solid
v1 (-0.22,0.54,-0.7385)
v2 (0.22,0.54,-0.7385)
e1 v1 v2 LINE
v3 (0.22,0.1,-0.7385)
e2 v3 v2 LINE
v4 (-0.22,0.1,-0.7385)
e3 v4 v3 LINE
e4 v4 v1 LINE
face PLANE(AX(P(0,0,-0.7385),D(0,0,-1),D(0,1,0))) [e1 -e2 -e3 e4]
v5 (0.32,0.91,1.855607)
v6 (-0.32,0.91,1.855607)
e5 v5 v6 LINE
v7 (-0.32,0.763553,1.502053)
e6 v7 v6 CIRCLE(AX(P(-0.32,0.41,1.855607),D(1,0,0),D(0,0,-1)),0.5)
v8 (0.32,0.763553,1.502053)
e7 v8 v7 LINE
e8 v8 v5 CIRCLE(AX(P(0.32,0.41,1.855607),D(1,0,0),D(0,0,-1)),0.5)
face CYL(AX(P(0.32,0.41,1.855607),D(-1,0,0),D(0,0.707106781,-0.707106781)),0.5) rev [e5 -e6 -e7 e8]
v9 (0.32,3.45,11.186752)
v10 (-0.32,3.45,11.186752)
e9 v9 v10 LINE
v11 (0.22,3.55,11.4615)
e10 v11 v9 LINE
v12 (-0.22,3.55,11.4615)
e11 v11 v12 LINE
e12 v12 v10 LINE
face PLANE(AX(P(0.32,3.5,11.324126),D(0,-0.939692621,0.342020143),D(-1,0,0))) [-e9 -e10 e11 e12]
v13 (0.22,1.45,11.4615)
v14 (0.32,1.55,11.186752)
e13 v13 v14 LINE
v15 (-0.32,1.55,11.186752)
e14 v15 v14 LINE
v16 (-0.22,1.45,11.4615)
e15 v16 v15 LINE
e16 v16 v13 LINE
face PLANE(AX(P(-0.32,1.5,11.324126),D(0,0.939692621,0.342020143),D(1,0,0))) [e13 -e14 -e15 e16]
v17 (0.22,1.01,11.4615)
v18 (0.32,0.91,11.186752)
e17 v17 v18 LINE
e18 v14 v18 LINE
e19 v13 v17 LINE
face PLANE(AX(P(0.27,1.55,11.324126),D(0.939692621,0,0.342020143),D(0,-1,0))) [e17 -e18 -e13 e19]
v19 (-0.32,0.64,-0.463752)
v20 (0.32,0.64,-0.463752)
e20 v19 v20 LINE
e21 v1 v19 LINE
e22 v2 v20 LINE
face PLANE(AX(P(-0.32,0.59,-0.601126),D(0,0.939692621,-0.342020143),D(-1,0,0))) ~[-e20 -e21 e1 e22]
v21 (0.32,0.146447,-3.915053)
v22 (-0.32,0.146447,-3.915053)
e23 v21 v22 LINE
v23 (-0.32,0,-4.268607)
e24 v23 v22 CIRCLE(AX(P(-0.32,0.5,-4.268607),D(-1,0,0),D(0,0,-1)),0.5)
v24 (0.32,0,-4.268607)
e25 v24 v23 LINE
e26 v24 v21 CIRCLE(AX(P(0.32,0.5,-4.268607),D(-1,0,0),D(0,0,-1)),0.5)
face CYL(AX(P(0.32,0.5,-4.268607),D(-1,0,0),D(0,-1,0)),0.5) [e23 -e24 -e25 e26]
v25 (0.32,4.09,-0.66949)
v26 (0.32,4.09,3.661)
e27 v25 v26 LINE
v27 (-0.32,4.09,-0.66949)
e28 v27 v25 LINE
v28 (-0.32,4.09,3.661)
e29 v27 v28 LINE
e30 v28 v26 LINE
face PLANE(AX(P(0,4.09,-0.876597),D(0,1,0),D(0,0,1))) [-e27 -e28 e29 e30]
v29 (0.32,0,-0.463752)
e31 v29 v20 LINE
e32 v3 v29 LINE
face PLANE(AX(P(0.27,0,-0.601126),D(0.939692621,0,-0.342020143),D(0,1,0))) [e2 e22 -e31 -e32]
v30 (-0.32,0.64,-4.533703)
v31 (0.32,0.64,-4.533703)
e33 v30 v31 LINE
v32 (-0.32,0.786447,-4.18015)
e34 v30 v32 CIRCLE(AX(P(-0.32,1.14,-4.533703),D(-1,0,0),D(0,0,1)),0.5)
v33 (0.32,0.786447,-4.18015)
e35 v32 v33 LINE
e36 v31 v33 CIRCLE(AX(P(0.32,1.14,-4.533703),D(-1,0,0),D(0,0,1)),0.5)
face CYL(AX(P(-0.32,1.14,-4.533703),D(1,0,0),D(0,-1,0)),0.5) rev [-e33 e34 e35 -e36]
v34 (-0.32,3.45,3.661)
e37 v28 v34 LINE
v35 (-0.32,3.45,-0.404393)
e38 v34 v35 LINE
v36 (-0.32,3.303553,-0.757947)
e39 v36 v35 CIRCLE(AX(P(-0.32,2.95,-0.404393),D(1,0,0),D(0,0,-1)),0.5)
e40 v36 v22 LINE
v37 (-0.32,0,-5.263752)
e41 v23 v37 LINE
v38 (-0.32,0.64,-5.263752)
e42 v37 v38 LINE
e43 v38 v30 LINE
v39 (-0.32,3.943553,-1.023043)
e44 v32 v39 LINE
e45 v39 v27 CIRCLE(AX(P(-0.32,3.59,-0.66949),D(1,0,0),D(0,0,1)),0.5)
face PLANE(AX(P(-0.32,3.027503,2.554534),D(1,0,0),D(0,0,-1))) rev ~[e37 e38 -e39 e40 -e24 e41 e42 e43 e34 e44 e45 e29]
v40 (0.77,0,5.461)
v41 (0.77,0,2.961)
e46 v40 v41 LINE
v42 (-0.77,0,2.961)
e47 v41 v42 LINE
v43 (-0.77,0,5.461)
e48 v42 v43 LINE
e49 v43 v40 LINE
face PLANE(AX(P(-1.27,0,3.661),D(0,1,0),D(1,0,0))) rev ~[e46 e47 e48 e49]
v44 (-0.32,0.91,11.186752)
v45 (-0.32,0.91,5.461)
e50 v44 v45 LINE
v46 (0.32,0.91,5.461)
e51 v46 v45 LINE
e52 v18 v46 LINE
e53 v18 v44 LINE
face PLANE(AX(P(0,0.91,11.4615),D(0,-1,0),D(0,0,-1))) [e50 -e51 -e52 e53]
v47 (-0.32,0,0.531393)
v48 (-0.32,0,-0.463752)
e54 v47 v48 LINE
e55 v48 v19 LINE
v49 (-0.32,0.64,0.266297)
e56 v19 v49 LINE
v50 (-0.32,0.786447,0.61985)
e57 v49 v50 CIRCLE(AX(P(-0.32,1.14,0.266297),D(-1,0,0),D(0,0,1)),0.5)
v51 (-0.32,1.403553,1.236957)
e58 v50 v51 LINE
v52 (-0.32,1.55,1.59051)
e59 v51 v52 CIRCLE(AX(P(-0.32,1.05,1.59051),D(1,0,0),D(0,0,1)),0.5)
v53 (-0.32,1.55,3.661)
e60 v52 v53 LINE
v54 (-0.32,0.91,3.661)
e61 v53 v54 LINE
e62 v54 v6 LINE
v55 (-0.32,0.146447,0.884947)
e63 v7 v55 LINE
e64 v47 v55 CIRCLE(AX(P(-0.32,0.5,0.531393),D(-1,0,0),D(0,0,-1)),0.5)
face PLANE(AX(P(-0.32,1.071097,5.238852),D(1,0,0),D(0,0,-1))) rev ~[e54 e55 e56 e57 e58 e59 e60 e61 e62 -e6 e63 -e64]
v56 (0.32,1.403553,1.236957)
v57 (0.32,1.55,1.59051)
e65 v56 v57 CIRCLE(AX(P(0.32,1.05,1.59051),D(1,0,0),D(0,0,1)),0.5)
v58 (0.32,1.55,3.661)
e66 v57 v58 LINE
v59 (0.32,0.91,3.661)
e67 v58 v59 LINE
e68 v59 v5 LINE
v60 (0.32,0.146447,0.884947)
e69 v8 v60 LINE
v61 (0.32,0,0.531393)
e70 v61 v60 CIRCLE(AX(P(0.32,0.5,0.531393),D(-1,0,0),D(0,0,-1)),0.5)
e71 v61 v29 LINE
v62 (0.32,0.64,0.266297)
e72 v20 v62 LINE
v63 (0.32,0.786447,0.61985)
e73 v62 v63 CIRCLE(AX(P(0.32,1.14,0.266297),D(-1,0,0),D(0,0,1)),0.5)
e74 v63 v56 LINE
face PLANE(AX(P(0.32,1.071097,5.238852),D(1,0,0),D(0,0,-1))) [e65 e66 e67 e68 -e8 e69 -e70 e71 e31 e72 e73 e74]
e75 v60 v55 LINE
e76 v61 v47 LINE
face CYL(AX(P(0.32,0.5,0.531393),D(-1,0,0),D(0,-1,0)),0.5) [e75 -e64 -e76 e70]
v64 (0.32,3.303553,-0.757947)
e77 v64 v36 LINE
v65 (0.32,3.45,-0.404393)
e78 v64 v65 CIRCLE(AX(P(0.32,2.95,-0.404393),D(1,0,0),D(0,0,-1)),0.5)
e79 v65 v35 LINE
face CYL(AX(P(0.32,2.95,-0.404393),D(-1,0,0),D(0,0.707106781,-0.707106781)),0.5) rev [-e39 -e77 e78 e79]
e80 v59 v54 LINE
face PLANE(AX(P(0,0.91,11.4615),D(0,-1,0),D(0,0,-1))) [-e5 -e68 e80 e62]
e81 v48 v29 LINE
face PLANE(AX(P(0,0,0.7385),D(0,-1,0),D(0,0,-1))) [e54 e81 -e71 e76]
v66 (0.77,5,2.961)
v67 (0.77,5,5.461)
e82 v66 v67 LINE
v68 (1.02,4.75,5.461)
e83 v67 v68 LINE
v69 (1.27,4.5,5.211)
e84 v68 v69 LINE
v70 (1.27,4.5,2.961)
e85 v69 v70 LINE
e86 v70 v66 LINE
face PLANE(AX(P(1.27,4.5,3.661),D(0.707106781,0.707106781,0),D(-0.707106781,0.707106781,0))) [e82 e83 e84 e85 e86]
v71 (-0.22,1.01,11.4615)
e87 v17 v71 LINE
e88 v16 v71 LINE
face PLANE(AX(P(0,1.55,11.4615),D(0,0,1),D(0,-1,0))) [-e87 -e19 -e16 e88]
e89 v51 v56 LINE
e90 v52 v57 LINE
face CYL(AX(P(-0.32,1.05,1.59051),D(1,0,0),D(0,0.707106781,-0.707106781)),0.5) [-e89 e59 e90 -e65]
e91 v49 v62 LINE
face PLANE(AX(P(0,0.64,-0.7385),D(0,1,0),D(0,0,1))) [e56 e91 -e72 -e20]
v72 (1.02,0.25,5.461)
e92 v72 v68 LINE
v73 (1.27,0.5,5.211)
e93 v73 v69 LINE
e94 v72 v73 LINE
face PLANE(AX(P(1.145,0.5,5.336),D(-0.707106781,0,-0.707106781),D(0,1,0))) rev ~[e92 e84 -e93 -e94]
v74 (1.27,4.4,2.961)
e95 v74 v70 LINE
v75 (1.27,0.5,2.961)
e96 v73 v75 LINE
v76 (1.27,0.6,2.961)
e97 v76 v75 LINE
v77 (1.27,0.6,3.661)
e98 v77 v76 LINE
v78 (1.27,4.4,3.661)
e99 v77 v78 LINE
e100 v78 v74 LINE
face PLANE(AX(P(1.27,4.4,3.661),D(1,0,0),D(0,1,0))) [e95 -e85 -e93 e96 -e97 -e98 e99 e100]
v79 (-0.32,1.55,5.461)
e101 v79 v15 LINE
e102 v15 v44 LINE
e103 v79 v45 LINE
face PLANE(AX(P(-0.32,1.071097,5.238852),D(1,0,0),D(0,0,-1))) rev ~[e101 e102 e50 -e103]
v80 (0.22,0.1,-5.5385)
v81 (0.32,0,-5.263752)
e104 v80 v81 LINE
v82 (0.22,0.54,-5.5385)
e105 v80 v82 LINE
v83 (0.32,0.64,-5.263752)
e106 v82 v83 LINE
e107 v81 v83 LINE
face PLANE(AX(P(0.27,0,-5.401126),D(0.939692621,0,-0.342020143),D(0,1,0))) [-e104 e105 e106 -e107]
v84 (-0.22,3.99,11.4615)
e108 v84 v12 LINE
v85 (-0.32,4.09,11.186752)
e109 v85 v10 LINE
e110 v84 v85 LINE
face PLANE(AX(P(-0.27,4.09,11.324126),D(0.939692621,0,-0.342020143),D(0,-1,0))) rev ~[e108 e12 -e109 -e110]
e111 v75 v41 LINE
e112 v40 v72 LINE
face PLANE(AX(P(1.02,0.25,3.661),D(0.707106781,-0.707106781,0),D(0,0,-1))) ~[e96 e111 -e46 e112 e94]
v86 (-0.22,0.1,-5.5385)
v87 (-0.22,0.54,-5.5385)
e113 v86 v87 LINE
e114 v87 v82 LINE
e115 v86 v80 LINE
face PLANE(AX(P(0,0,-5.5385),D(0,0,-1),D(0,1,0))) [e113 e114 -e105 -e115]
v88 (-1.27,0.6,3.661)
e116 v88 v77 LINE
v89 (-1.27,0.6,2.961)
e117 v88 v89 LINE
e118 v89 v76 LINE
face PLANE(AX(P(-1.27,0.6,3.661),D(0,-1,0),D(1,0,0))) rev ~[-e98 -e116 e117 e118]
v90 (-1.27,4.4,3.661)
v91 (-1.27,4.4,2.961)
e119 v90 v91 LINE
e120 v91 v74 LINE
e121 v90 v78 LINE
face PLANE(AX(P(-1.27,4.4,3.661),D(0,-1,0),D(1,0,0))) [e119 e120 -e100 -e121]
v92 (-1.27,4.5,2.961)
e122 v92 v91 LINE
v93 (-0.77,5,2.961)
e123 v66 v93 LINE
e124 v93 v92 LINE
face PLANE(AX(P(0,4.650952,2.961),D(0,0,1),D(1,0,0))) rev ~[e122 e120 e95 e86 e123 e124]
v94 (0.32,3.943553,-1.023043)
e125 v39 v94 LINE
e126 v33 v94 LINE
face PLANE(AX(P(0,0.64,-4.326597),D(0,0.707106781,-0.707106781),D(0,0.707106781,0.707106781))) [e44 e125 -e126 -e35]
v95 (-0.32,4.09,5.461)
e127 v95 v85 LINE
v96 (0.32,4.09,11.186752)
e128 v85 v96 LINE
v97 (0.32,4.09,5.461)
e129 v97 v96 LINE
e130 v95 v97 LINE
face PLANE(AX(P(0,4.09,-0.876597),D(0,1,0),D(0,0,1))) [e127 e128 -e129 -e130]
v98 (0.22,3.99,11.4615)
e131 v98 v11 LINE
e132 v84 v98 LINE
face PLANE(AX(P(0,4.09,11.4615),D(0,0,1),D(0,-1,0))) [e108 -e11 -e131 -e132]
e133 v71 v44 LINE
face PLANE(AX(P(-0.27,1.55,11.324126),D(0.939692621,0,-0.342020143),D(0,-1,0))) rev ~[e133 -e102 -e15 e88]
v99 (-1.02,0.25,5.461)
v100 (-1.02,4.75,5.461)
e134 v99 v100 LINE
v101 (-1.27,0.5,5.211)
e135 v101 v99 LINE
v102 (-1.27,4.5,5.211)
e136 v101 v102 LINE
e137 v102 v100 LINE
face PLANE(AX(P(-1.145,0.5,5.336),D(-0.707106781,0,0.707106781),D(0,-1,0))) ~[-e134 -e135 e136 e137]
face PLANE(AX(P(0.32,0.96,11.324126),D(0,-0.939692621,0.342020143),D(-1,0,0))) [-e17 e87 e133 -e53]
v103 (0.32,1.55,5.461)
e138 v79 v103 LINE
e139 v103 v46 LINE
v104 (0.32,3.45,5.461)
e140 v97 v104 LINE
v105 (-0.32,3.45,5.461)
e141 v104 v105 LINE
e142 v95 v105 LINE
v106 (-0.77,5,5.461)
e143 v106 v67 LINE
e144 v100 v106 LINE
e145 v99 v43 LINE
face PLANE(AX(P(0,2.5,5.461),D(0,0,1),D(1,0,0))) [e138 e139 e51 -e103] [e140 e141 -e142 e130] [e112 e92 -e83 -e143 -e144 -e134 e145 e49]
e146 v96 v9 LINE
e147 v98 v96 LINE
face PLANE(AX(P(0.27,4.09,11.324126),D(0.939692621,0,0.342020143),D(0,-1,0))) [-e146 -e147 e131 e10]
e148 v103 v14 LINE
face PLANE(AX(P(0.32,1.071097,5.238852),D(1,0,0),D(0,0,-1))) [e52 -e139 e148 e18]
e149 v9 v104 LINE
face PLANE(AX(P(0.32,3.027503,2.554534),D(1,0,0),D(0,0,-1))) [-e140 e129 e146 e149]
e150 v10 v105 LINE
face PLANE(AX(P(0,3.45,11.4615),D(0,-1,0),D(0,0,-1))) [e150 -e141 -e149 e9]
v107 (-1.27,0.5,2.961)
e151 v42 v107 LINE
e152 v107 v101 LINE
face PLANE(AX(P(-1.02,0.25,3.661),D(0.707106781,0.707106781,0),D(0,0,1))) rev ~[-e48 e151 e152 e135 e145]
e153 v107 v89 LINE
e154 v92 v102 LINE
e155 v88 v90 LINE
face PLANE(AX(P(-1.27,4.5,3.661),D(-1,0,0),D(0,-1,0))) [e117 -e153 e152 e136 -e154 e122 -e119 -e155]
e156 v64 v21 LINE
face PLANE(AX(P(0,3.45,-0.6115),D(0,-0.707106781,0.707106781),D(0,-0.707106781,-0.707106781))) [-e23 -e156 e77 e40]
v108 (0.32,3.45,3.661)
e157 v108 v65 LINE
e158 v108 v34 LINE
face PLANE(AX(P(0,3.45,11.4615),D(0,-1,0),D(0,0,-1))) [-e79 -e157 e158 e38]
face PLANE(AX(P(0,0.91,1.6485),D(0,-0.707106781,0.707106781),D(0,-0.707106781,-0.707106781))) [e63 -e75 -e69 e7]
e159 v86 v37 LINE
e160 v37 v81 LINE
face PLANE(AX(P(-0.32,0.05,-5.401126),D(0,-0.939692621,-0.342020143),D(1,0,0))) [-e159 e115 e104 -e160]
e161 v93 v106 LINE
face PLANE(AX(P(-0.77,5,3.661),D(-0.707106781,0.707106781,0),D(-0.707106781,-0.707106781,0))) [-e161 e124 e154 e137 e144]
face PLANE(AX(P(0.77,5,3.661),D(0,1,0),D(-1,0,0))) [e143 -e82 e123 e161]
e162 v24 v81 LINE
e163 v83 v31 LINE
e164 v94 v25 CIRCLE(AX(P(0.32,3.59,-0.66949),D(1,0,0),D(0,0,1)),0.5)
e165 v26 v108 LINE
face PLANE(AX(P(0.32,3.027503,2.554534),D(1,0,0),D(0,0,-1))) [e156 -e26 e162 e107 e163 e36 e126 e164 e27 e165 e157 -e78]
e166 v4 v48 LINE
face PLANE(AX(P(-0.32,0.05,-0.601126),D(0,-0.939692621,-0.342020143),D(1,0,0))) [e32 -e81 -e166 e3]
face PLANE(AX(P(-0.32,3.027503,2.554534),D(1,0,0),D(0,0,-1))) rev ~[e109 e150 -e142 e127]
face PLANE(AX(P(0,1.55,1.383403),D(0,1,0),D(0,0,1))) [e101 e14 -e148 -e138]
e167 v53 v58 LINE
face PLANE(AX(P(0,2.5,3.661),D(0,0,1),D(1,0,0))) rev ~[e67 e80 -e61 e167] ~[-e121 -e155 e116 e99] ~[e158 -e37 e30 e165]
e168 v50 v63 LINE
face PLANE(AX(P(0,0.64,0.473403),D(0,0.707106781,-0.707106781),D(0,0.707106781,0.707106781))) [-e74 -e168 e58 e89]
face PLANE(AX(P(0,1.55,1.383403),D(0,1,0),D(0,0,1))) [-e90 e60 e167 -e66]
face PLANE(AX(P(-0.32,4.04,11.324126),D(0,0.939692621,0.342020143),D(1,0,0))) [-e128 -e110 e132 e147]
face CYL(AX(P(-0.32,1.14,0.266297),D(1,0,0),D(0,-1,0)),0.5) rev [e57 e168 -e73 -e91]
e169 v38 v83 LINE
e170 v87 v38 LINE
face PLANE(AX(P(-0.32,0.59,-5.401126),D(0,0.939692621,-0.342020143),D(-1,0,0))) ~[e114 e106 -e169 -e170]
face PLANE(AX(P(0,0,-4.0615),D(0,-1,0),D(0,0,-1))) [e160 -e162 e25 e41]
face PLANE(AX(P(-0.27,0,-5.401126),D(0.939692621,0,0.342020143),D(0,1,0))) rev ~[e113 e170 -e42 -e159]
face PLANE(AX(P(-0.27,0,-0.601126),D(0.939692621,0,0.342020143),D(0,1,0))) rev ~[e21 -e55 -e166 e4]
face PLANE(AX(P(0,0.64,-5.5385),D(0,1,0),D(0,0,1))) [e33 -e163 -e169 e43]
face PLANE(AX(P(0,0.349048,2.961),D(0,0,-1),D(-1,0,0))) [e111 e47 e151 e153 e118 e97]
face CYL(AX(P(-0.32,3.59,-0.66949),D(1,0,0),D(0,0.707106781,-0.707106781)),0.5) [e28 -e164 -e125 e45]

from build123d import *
from OCP.BRepFilletAPI import BRepFilletAPI_MakeChamfer

# Parameters (mm, degrees)
EXTRUDE_1_DEPTH   = 0.32
EXTRUDE_1_2_DEPTH = 0.32
CHAMFER_1_SIZE    = 0.1
CHAMFER_1_SIZE2   = 0.274747742
FILLET_1_R        = 0.5
CHAMFER_2_SIZE    = 0.1
CHAMFER_2_SIZE2   = 0.274747742
FILLET_2_R        = 0.5
SKETCH_2_W        = 2.54
SKETCH_2_H        = 5
EXTRUDE_2_DEPTH   = 1.8
CHAMFER_3_SIZE    = 0.5
CHAMFER_4_SIZE    = 0.25
EXTRUDE_3_DEPTH   = 0.7


with BuildPart() as part:
    # Эскиз1 → Бобышка-Вытянуть1 (new, symmetric)
    with BuildSketch(Plane(origin=(0, 0, 0), x_dir=(0, 0, -1), z_dir=(1, 0, 0))):
        Polygon((-0.7385, 0), (0.7385, 0), (0.7385, 0.64), (-0.47340332, 0.64), (-1.38340332, 1.55), (-11.4615, 1.55), (-11.4615, 0.91), (-1.6485, 0.91), align=None)
    extrude(amount=EXTRUDE_1_DEPTH, both=True)

    # Фаска2: one chamfer whose edges measure the first distance from different faces: ONE call of the kernel's chamfer builder (chamfer() names one face for all edges)
    chamfer_2_edges_1 = [part.edges().sort_by_distance(p)[0] for p in [
        (0.32, 0.32, -0.7385),
        (0, 0, -0.7385),
        (0, 0.64, -0.7385),
        (-0.32, 0.32, -0.7385),
    ]]
    chamfer_2_side_1 = [part.faces().sort_by_distance(p)[0] for p in [
        (0, 0.32, -0.7385),
    ]]
    chamfer_2_edges_2 = [part.edges().sort_by_distance(p)[0] for p in [
        (0, 0.91, 11.4615),
        (0, 1.55, 11.4615),
        (-0.32, 1.23, 11.4615),
        (0.32, 1.23, 11.4615),
    ]]
    chamfer_2_side_2 = [part.faces().sort_by_distance(p)[0] for p in [
        (0, 1.23, 11.4615),
    ]]
    chamfer_2 = BRepFilletAPI_MakeChamfer(part.part.solid().wrapped)
    for e in chamfer_2_edges_1:
        chamfer_2.Add(CHAMFER_2_SIZE, CHAMFER_2_SIZE2, e.wrapped, chamfer_2_side_1[0].wrapped)  # the first distance lies on this face
    for e in chamfer_2_edges_2:
        chamfer_2.Add(CHAMFER_2_SIZE, CHAMFER_2_SIZE2, e.wrapped, chamfer_2_side_2[0].wrapped)  # the first distance lies on this face
    add(Compound.cast(chamfer_2.Shape()), mode=Mode.REPLACE)

    # Скругление2
    fillet_2_edges = [part.edges().sort_by_distance(p)[0] for p in [
        (0, 0, 0.7385),
        (0, 0.91, 1.6485),
        (0, 1.55, 1.38340332),
        (0, 0.64, 0.47340332),
    ]]
    fillet(fillet_2_edges, radius=FILLET_2_R)



with BuildPart() as body_2:
    # Эскиз1 → Extrude 1 2 (new, symmetric)
    with BuildSketch(Plane(origin=(0, 0, 0), x_dir=(0, 0, -1), z_dir=(1, 0, 0))):
        Polygon((4.0615, 0), (5.5385, 0), (5.5385, 0.64), (4.32659668, 0.64), (0.87659668, 4.09), (-11.4615, 4.09), (-11.4615, 3.45), (0.6115, 3.45), align=None)
    extrude(amount=EXTRUDE_1_2_DEPTH, both=True)

    # Фаска1: one chamfer whose edges measure the first distance from different faces: ONE call of the kernel's chamfer builder (chamfer() names one face for all edges)
    chamfer_1_edges_1 = [body_2.edges().sort_by_distance(p)[0] for p in [
        (-0.32, 0.32, -5.5385),
        (0, 0.64, -5.5385),
        (0, 0, -5.5385),
        (0.32, 0.32, -5.5385),
    ]]
    chamfer_1_side_1 = [body_2.faces().sort_by_distance(p)[0] for p in [
        (0, 0.32, -5.5385),
    ]]
    chamfer_1_edges_2 = [body_2.edges().sort_by_distance(p)[0] for p in [
        (0, 3.45, 11.4615),
        (0, 4.09, 11.4615),
        (-0.32, 3.77, 11.4615),
        (0.32, 3.77, 11.4615),
    ]]
    chamfer_1_side_2 = [body_2.faces().sort_by_distance(p)[0] for p in [
        (0, 3.77, 11.4615),
    ]]
    chamfer_1 = BRepFilletAPI_MakeChamfer(body_2.part.solid().wrapped)
    for e in chamfer_1_edges_1:
        chamfer_1.Add(CHAMFER_1_SIZE, CHAMFER_1_SIZE2, e.wrapped, chamfer_1_side_1[0].wrapped)  # the first distance lies on this face
    for e in chamfer_1_edges_2:
        chamfer_1.Add(CHAMFER_1_SIZE, CHAMFER_1_SIZE2, e.wrapped, chamfer_1_side_2[0].wrapped)  # the first distance lies on this face
    add(Compound.cast(chamfer_1.Shape()), mode=Mode.REPLACE)

    # Скругление1
    fillet_1_edges = [body_2.edges().sort_by_distance(p)[0] for p in [
        (0, 3.45, -0.6115),
        (0, 4.09, -0.87659668),
        (0, 0.64, -4.32659668),
        (0, 0, -4.0615),
    ]]
    fillet(fillet_1_edges, radius=FILLET_1_R)


with BuildPart() as part_1:
    add(part.part)

    add(body_2.part)  # Бобышка-Вытянуть2 merges body 2
    # Эскиз2 → Бобышка-Вытянуть2 (add)
    with BuildSketch(Plane.XY.offset(3.661)):
        with Locations((0, 2.5)):
            Rectangle(SKETCH_2_W, SKETCH_2_H)
    extrude(amount=EXTRUDE_2_DEPTH)

    # Фаска3
    chamfer_3_edges = [part_1.edges().sort_by_distance(p)[0] for p in [
        (1.27, 0, 4.561),
        (1.27, 5, 4.561),
        (-1.27, 5, 4.561),
        (-1.27, 0, 4.561),
    ]]
    chamfer(chamfer_3_edges, length=CHAMFER_3_SIZE)

    # Фаска4
    chamfer_4_edges = [part_1.edges().sort_by_distance(p)[0] for p in [
        (-1.27, 2.5, 5.461),
        (1.27, 2.5, 5.461),
    ]]
    chamfer(chamfer_4_edges, length=CHAMFER_4_SIZE)

    # Эскиз3 → Бобышка-Вытянуть3 (add)
    with BuildSketch(Plane(origin=(0, 0, 3.661), x_dir=(-1, 0, 0), z_dir=(0, 0, -1))):
        Polygon((-1.27, 4.5), (-0.77, 5), (0.77, 5), (1.27, 4.5), (1.27, 4.4), (-1.27, 4.4), align=None)
        Polygon((-1.27, 0.6), (-1.27, 0.5), (-0.77, 0), (0.77, 0), (1.27, 0.5), (1.27, 0.6), align=None)
    extrude(amount=EXTRUDE_3_DEPTH)


solid = part_1.part
